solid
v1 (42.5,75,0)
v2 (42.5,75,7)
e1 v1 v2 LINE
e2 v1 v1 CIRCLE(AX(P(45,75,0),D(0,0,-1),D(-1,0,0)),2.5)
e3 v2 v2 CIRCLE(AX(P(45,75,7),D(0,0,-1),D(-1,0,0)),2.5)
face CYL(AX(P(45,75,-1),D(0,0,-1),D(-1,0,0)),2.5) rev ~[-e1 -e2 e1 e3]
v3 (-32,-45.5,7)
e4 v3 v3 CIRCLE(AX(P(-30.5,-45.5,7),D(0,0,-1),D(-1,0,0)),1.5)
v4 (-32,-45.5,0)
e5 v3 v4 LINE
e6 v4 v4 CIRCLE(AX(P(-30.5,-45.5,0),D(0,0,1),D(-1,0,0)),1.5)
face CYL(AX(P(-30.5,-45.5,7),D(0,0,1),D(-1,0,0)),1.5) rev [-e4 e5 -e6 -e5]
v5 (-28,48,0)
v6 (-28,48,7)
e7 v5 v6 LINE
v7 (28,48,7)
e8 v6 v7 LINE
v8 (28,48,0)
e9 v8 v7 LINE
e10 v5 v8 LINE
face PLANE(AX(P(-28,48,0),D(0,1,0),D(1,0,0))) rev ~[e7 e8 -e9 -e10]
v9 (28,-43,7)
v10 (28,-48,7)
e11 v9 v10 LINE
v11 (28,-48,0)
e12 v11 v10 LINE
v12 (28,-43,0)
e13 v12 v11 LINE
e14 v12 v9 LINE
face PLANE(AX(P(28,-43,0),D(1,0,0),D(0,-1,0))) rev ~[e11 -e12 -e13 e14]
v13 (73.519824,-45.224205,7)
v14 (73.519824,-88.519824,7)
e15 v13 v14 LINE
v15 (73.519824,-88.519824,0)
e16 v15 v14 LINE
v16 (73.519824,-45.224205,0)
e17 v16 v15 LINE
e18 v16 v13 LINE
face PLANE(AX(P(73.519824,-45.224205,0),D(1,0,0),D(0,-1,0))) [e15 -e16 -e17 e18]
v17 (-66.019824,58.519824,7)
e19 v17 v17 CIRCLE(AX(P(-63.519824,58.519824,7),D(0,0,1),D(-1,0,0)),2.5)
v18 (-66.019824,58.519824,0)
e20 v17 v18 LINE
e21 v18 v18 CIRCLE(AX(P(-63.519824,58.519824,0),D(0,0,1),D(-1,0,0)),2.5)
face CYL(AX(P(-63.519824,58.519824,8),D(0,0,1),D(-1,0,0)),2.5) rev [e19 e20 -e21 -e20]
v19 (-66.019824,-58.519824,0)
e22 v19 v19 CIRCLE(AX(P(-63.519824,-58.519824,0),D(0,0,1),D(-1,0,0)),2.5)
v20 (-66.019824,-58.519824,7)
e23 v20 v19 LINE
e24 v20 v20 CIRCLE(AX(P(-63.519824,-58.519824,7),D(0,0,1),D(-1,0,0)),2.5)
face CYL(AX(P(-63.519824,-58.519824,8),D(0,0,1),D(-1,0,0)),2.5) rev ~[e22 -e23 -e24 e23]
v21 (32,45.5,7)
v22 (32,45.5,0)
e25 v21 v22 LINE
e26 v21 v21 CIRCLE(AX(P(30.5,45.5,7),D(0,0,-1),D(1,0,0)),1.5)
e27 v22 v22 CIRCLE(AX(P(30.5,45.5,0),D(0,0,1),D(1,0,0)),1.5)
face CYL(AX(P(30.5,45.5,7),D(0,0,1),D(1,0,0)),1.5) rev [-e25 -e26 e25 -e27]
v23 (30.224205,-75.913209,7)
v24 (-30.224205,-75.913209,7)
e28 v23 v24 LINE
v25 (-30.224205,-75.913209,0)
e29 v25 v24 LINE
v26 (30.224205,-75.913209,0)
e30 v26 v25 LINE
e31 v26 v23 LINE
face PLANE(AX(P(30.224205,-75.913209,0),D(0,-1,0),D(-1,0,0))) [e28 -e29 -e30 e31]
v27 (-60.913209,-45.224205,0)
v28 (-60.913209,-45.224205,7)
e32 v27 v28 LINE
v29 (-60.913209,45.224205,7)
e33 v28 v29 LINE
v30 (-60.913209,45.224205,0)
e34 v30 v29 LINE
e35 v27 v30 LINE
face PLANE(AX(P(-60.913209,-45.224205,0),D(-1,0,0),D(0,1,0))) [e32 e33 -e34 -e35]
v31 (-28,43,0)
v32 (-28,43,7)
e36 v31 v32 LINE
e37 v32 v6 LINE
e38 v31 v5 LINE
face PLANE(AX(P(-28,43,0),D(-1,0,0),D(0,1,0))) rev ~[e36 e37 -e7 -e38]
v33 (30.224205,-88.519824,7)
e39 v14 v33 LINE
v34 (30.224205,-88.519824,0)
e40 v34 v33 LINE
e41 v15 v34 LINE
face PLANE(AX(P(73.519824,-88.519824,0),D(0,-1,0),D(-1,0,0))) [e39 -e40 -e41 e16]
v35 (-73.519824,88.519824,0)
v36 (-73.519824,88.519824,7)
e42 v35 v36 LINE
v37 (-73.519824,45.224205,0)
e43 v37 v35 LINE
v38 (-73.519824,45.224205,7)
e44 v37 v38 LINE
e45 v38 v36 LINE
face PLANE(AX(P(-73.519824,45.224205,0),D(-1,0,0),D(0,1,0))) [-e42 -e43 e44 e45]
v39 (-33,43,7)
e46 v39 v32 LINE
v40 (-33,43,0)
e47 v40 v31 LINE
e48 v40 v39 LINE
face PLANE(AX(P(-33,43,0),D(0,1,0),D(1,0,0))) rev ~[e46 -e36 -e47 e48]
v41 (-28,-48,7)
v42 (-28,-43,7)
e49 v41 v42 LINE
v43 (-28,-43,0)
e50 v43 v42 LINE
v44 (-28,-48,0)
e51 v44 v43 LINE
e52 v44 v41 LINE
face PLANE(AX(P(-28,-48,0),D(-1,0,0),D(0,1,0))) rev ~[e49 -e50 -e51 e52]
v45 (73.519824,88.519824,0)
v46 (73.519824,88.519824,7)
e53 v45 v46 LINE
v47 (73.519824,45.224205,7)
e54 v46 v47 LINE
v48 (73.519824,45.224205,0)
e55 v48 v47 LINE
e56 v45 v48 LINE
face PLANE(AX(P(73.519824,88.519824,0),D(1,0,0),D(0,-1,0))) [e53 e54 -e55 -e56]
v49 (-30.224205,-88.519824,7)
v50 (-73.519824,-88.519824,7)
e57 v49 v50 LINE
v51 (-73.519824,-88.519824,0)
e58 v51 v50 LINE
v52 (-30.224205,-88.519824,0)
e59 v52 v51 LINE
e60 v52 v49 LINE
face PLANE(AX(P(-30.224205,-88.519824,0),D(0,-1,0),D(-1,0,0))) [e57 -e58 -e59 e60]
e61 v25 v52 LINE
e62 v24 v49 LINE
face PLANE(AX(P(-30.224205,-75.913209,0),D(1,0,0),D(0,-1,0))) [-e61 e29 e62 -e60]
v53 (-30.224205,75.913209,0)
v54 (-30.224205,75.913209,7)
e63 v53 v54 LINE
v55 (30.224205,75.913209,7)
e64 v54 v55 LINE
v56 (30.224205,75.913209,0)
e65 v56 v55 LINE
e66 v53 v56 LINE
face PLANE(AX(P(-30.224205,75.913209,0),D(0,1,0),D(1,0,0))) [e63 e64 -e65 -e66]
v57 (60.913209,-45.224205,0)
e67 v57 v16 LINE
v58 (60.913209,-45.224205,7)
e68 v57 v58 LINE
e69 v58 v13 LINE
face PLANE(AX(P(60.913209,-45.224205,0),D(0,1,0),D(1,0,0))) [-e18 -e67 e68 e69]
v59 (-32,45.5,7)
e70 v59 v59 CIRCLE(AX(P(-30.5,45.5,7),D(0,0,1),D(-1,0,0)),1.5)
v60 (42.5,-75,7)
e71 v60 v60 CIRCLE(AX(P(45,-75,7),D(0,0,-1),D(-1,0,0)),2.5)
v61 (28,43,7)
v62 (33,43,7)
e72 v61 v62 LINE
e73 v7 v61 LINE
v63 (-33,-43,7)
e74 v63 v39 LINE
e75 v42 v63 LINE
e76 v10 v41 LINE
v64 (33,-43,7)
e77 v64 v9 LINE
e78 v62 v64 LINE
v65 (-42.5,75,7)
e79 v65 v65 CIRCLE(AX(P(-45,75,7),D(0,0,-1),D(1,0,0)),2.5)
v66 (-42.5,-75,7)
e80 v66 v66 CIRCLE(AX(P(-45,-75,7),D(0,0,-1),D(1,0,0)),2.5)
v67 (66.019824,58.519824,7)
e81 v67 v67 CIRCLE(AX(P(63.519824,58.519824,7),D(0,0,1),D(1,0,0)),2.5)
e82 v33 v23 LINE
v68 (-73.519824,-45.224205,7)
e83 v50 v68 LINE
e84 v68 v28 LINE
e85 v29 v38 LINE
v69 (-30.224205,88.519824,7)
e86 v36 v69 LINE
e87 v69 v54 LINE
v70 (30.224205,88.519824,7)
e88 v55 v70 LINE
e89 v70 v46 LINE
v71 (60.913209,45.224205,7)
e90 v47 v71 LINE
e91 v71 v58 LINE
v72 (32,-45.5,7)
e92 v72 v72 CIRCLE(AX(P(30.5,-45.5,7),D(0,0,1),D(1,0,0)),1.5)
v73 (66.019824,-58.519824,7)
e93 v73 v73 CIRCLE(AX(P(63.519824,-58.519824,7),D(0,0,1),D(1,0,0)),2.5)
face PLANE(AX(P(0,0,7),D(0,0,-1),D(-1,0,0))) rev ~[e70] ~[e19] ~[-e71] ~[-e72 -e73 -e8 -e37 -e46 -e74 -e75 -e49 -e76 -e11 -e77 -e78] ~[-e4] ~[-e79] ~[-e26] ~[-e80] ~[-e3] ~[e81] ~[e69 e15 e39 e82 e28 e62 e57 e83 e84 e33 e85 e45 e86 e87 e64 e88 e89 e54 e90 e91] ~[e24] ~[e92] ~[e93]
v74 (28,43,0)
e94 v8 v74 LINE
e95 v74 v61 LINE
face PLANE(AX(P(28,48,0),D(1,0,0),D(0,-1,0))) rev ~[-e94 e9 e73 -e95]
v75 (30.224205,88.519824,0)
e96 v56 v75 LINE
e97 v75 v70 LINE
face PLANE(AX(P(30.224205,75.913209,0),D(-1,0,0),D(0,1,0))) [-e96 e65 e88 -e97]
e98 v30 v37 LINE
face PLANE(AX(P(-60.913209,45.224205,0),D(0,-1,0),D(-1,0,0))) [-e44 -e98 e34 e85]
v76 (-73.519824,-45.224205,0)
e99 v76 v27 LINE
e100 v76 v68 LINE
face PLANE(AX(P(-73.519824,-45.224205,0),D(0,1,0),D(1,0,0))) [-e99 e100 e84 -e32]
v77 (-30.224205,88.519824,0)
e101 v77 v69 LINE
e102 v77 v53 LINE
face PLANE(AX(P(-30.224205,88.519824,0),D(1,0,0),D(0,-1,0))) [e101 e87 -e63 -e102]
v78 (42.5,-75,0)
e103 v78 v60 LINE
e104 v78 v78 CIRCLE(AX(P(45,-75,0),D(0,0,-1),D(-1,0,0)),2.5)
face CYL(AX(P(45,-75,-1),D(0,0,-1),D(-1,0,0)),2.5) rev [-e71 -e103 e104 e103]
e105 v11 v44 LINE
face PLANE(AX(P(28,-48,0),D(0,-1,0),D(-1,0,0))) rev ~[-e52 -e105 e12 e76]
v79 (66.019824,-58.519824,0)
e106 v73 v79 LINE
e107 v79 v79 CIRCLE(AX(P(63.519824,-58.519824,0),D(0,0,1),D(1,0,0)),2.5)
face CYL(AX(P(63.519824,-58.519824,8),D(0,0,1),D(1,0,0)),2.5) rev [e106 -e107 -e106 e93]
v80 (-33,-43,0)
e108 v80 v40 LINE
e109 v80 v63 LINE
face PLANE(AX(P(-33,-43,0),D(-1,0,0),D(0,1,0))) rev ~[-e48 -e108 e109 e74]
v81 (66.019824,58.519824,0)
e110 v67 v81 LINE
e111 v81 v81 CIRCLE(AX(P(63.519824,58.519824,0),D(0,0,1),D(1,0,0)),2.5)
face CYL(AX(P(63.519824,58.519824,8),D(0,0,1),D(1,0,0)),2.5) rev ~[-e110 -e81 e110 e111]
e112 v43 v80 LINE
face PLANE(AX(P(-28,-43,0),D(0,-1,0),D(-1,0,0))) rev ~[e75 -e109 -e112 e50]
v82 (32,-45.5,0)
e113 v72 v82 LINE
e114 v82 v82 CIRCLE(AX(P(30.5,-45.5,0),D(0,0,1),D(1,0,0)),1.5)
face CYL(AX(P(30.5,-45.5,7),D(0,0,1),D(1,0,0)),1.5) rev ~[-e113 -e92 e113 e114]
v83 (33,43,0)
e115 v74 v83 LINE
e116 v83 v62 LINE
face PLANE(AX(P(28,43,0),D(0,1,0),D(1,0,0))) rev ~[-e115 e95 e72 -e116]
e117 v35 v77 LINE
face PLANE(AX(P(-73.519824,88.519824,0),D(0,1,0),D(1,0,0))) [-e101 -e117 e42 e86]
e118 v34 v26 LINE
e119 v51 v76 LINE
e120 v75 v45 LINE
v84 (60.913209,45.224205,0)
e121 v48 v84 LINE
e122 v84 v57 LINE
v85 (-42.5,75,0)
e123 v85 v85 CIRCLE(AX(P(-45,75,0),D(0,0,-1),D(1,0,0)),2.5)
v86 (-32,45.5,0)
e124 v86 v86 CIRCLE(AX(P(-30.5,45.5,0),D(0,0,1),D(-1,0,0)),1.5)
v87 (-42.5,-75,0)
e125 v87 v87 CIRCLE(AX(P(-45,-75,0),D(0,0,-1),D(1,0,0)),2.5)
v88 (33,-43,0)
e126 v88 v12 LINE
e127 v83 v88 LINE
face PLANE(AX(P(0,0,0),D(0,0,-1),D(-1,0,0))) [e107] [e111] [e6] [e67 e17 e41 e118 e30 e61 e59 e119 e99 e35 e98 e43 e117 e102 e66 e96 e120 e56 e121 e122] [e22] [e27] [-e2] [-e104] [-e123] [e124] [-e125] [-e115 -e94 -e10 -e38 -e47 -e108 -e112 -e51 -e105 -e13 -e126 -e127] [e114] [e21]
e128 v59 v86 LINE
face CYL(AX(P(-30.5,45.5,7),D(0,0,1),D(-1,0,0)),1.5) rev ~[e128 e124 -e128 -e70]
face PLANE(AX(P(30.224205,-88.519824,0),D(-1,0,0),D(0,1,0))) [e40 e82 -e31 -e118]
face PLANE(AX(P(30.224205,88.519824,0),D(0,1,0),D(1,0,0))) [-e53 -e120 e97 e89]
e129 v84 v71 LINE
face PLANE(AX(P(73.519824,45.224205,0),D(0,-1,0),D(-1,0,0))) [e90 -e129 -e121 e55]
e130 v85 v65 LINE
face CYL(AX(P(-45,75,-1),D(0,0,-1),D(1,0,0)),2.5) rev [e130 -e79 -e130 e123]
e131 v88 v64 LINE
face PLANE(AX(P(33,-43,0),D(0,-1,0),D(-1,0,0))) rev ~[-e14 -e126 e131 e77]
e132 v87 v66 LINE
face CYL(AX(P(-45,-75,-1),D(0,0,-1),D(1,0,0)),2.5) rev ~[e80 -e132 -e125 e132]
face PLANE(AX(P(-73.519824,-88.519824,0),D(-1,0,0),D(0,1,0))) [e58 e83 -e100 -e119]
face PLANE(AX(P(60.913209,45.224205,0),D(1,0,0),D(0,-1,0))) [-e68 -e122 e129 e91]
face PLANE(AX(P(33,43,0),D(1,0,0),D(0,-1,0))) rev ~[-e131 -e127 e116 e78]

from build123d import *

# Parameters (mm, degrees)
BOSS_EXTRUDE1_DEPTH     = 7
SKETCH2_R               = 1.5
CUT_EXTRUDE1_DEPTH      = 10
MIRROR2_COPY_1_SKETCH_R = 1.5
MIRROR2_COPY_1_DEPTH    = 10
CUT_EXTRUDE4_START      = -8
SKETCH5_R               = 2.5
CUT_EXTRUDE4_DEPTH      = 9
MIRROR6_START           = -8
MIRROR6_COPY_1_SKETCH_R = 2.5
MIRROR6_COPY_1_DEPTH    = 9
CUT_EXTRUDE5_START      = -8
SKETCH6_R               = 2.5
CUT_EXTRUDE5_DEPTH      = 9
MIRROR9_START           = -8
MIRROR9_COPY_1_SKETCH_R = 2.5
MIRROR9_COPY_1_DEPTH    = 9


with BuildPart() as part:
    # Sketch1 → Boss-Extrude1 (new body)
    with BuildSketch(Plane.XY):
        Polygon((-30.22420519, 75.913209403), (30.22420519, 75.913209403), (30.22420519, 88.519824063), (73.519824063, 88.519824063), (73.519824063, 45.22420519), (60.913209403, 45.22420519), (60.913209403, -45.22420519), (73.519824063, -45.22420519), (73.519824063, -88.519824063), (30.22420519, -88.519824063), (30.22420519, -75.913209403), (-30.22420519, -75.913209403), (-30.22420519, -88.519824063), (-73.519824063, -88.519824063), (-73.519824063, -45.22420519), (-60.913209403, -45.22420519), (-60.913209403, 45.22420519), (-73.519824063, 45.22420519), (-73.519824063, 88.519824063), (-30.22420519, 88.519824063), align=None)
        Polygon((-28, 48), (28, 48), (28, 43), (33, 43), (33, -43), (28, -43), (28, -48), (-28, -48), (-28, -43), (-33, -43), (-33, 43), (-28, 43), align=None, mode=Mode.SUBTRACT)
    extrude(amount=BOSS_EXTRUDE1_DEPTH)

    # Sketch2 → Cut-Extrude1 (cut)
    with BuildSketch(Plane.XY.offset(7)):
        with Locations((30.5, -45.5)):
            Circle(SKETCH2_R)
    cut_extrude1 = extrude(amount=-CUT_EXTRUDE1_DEPTH, mode=Mode.SUBTRACT)

    # Mirror1: Cut-Extrude1 across plane
    add(cut_extrude1.mirror(Plane(origin=(0, 0, 0), x_dir=(0, 0, 1), z_dir=(1, 0, 0))), mode=Mode.SUBTRACT)

    # Mirror2: Cut-Extrude1 across plane
    add(cut_extrude1.mirror(Plane.ZX), mode=Mode.SUBTRACT)

    # Mirror2 copy 1 sketch → Mirror2 copy 1 (cut)
    with BuildSketch(Plane(origin=(0, 0, 7), x_dir=(-1, 0, 0), z_dir=(0, 0, 1))):
        with Locations((30.5, -45.5)):
            Circle(MIRROR2_COPY_1_SKETCH_R)
    extrude(amount=-MIRROR2_COPY_1_DEPTH, mode=Mode.SUBTRACT)

    # Sketch5 → Cut-Extrude4 (cut)
    with BuildSketch(Plane.XY.offset(7).offset(CUT_EXTRUDE4_START)):
        with Locations((-45, 75)):
            Circle(SKETCH5_R)
    cut_extrude4 = extrude(amount=CUT_EXTRUDE4_DEPTH, mode=Mode.SUBTRACT)

    # Mirror5: Cut-Extrude4 across plane
    add(cut_extrude4.mirror(Plane.ZX), mode=Mode.SUBTRACT)

    # Mirror6: Cut-Extrude4 across plane
    add(cut_extrude4.mirror(Plane(origin=(0, 0, 0), x_dir=(0, 0, 1), z_dir=(1, 0, 0))), mode=Mode.SUBTRACT)

    # Mirror6 copy 1 sketch → Mirror6 copy 1 (cut)
    with BuildSketch(Plane(origin=(0, 0, 7), x_dir=(-1, 0, 0), z_dir=(0, 0, 1)).offset(MIRROR6_START)):
        with Locations((-45, 75)):
            Circle(MIRROR6_COPY_1_SKETCH_R)
    extrude(amount=MIRROR6_COPY_1_DEPTH, mode=Mode.SUBTRACT)

    # Sketch6 → Cut-Extrude5 (cut)
    with BuildSketch(Plane(origin=(0, 0, 0), x_dir=(-1, 0, 0), z_dir=(0, 0, -1)).offset(CUT_EXTRUDE5_START)):
        with Locations((63.519824063, 58.519824063)):
            Circle(SKETCH6_R)
    cut_extrude5 = extrude(amount=CUT_EXTRUDE5_DEPTH, mode=Mode.SUBTRACT)

    # Mirror8: Cut-Extrude5 across plane
    add(cut_extrude5.mirror(Plane(origin=(0, 0, 0), x_dir=(0, 0, 1), z_dir=(1, 0, 0))), mode=Mode.SUBTRACT)

    # Mirror9: Cut-Extrude5 across plane
    add(cut_extrude5.mirror(Plane.ZX), mode=Mode.SUBTRACT)

    # Mirror9 copy 1 sketch → Mirror9 copy 1 (cut)
    with BuildSketch(Plane(origin=(0, 0, 0), x_dir=(1, 0, 0), z_dir=(0, 0, -1)).offset(MIRROR9_START)):
        with Locations((63.519824063, 58.519824063)):
            Circle(MIRROR9_COPY_1_SKETCH_R)
    extrude(amount=MIRROR9_COPY_1_DEPTH, mode=Mode.SUBTRACT)


solid = part.part
